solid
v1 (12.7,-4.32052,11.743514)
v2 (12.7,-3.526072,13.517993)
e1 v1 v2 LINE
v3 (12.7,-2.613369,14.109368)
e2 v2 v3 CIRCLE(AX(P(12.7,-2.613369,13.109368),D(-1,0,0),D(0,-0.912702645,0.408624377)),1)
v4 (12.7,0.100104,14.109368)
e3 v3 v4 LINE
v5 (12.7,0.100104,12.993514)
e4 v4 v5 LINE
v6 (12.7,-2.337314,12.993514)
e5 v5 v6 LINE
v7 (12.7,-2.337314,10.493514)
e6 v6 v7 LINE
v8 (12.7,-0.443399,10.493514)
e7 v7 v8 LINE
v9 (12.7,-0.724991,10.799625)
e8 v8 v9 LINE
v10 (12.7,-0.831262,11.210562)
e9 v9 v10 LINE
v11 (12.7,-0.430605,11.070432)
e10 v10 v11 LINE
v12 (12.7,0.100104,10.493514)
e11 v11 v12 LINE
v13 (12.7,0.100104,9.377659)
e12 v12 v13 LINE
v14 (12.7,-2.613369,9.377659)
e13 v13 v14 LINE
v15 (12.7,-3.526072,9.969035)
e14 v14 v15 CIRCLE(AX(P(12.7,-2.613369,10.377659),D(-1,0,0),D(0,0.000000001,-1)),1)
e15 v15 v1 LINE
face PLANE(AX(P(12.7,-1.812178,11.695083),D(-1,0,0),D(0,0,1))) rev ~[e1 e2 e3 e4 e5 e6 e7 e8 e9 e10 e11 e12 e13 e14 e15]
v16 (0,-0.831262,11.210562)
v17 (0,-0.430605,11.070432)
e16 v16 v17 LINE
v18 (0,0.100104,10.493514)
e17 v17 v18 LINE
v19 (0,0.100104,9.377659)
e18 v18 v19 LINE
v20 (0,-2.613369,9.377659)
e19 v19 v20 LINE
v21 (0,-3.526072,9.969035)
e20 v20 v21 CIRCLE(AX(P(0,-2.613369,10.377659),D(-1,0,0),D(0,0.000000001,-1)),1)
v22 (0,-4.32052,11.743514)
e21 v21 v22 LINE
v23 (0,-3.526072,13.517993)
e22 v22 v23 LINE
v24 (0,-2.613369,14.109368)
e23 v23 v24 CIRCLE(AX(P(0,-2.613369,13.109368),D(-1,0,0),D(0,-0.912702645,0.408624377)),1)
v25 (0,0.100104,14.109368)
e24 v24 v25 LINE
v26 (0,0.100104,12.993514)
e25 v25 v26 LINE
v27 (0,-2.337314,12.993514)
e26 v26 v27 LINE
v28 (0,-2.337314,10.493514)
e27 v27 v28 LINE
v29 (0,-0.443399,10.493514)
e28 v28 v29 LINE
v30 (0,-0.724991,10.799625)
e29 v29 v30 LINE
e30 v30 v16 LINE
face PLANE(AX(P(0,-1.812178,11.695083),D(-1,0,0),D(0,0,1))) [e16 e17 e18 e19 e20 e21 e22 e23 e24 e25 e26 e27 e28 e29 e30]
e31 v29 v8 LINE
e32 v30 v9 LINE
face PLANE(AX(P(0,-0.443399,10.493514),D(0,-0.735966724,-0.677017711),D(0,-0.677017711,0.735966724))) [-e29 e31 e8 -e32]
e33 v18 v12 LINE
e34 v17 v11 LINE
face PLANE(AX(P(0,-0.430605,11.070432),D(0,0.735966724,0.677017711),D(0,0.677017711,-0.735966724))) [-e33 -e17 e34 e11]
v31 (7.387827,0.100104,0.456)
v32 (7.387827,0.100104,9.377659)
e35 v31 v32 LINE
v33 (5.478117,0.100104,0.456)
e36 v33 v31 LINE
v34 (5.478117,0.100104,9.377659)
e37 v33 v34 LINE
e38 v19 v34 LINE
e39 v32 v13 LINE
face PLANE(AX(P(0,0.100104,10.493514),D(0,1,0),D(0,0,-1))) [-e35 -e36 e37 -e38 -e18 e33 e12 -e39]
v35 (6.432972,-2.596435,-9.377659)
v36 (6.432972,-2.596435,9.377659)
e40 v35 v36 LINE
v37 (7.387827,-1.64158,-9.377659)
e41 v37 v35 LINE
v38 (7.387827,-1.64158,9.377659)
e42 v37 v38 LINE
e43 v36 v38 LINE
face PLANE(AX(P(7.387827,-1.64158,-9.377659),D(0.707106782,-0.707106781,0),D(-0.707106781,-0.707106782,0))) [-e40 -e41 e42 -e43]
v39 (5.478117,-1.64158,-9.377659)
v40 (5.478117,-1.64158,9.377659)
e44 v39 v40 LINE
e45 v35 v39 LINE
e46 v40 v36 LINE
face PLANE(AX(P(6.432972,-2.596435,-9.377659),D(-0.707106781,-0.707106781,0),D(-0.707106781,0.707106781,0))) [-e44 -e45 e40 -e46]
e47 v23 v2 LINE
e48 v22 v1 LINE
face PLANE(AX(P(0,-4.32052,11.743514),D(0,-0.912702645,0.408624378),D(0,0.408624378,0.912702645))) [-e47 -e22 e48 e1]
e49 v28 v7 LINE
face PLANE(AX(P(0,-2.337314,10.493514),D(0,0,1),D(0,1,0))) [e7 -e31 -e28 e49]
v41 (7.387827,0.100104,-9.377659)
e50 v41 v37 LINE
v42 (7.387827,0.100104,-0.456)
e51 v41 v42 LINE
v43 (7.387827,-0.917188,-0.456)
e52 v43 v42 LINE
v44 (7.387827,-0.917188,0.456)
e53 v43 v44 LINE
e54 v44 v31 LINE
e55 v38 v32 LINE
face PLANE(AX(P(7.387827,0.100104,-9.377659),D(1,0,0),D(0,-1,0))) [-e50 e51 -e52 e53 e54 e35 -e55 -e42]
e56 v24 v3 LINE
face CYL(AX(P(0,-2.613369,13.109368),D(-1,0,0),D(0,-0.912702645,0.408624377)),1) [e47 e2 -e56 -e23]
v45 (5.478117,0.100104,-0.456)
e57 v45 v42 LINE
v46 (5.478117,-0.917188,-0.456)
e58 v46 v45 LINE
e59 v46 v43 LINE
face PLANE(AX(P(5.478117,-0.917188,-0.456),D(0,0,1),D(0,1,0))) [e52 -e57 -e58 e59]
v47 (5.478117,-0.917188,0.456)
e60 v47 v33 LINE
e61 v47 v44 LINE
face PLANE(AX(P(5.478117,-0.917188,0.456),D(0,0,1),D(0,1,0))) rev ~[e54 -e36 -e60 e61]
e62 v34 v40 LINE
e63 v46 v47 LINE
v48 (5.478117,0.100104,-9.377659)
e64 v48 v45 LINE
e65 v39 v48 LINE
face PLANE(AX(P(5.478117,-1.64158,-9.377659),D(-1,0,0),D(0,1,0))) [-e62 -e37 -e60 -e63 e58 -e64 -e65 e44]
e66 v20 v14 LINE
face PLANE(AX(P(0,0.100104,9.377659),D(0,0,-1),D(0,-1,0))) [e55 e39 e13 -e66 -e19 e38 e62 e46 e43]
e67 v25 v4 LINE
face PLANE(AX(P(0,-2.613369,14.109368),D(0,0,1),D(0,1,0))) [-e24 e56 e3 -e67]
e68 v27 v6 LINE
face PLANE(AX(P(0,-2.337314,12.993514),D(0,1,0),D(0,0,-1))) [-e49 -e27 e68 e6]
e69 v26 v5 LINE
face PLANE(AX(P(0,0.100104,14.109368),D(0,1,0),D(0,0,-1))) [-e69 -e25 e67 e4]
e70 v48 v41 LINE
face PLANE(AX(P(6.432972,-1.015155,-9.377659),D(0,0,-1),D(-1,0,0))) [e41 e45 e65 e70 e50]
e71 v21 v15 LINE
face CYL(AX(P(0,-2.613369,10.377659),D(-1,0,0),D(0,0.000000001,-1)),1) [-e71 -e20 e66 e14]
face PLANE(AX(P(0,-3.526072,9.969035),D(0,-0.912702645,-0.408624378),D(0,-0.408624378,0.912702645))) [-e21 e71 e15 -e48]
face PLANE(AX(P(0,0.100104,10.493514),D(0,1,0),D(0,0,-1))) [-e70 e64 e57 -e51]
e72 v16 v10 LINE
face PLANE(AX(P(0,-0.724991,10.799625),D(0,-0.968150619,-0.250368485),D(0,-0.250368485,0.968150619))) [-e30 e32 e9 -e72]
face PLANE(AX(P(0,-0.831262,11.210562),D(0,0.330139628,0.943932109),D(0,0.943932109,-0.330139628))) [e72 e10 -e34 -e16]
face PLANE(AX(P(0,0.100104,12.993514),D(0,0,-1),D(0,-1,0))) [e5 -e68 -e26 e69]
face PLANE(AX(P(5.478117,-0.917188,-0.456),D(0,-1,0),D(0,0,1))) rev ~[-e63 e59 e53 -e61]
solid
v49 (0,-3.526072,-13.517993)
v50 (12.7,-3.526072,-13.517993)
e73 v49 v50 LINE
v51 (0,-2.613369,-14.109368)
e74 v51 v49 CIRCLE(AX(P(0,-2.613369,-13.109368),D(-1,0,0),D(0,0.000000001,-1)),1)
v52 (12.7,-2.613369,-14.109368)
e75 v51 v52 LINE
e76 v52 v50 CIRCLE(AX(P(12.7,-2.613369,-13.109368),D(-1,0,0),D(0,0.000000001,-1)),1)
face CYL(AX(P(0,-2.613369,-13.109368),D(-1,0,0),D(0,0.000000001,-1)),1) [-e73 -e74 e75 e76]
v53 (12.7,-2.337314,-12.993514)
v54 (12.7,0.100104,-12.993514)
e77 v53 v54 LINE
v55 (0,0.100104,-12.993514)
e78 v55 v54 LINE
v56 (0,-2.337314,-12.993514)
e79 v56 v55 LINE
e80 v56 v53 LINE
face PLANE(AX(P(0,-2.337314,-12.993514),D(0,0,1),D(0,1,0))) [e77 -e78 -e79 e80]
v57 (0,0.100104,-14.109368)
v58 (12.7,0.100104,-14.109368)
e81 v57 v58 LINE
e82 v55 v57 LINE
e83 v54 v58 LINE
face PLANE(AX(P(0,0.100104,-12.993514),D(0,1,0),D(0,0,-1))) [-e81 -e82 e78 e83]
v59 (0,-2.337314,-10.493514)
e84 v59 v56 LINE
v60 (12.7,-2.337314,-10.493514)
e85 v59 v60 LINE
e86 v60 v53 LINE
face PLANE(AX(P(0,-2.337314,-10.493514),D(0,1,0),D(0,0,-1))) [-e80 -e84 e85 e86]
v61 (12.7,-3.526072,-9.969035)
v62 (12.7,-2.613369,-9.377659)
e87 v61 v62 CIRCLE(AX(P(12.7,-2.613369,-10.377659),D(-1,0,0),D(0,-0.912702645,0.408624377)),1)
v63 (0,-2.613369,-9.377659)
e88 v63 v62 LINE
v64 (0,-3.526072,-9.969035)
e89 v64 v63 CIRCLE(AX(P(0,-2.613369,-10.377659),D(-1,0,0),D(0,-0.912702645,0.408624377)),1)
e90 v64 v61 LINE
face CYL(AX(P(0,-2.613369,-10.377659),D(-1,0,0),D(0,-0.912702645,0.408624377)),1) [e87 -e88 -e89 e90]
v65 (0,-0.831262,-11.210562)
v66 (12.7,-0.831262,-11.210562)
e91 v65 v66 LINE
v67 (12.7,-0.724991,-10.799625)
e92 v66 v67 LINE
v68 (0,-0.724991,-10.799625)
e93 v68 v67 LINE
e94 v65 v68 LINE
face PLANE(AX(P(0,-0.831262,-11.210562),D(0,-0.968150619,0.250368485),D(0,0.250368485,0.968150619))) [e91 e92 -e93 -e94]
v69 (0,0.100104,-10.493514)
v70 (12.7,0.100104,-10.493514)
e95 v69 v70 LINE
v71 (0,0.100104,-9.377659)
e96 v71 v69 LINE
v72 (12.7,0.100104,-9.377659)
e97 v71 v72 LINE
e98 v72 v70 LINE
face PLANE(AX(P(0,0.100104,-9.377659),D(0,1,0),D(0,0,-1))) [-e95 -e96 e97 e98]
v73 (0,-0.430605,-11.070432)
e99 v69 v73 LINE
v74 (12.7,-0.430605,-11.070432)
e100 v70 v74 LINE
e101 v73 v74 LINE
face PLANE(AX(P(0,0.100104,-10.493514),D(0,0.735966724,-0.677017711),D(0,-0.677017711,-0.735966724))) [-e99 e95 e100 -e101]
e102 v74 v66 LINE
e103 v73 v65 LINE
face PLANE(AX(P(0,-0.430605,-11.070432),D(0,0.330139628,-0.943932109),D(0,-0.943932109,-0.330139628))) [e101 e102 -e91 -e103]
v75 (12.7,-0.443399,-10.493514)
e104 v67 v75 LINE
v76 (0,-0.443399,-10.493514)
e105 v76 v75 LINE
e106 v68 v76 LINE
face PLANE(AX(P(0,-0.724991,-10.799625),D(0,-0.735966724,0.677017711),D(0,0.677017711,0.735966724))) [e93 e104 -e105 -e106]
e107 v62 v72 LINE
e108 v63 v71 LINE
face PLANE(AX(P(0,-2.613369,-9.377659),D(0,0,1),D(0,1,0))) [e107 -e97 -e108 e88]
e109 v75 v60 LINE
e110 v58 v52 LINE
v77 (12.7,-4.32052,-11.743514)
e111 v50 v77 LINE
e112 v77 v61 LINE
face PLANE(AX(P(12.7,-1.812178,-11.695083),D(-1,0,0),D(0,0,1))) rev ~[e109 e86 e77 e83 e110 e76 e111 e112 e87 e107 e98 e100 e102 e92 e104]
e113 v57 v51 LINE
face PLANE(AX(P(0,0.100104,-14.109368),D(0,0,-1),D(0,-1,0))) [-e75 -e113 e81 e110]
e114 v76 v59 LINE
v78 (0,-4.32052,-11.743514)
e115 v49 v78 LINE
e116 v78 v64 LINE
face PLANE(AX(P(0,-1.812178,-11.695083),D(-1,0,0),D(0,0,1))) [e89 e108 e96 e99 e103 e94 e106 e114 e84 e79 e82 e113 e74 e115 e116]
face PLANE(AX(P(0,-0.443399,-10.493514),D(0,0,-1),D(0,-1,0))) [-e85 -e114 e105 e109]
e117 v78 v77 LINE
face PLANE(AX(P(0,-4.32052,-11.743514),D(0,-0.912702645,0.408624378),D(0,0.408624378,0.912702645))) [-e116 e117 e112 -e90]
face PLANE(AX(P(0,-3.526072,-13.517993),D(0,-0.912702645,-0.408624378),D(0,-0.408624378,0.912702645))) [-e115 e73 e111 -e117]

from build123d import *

# Parameters (mm, degrees)
BOSS_EXTRUDE1_DEPTH   = 12.7
BOSS_EXTRUDE1_2_DEPTH = 12.7
BOSS_EXTRUDE2_REACH   = 29.048
SKETCH3_W             = 0.912
SKETCH3_H             = 1.017292505
CUT_EXTRUDE1_DEPTH    = 1.90971


with BuildPart() as part:
    # Sketch1 → Boss-Extrude1 (new body)
    with BuildSketch(Plane(origin=(0, 0, 0), x_dir=(0, 0, -1), z_dir=(1, 0, 0))):
        with BuildLine():
            Line((10.799625276, -0.72499139), (10.493513826, -0.443398668))
            Line((10.493513826, -0.443398668), (10.493513826, -2.337314401))
            Line((10.493513826, -2.337314401), (12.993513826, -2.337314401))
            Line((12.993513826, -2.337314401), (12.993513826, 0.100104166))
            Line((12.993513826, 0.100104166), (14.109368157, 0.100104166))
            Line((14.109368157, 0.100104166), (14.109368157, -2.61336902))
            ThreePointArc((14.109368157, -2.61336902), (13.948601253, -3.157140857), (13.517992535, -3.526071664))
            Line((13.517992535, -3.526071664), (11.743513826, -4.320520177))
            Line((11.743513826, -4.320520177), (9.969035116, -3.526071664))
            ThreePointArc((9.969035116, -3.526071664), (9.538426398, -3.157140857), (9.377659494, -2.61336902))
            Line((9.377659494, -2.61336902), (9.377659494, 0.100104166))
            Line((9.377659494, 0.100104166), (10.493513826, 0.100104166))
            Line((10.493513826, 0.100104166), (11.070432361, -0.430604701))
            Line((11.070432361, -0.430604701), (11.210561844, -0.831261596))
            Line((11.210561844, -0.831261596), (10.799625276, -0.72499139))
        make_face()
    extrude(amount=BOSS_EXTRUDE1_DEPTH)


with BuildPart() as body_2:
    # Sketch1 → Boss-Extrude1 2 (new body)
    with BuildSketch(Plane(origin=(0, 0, 0), x_dir=(0, 0, -1), z_dir=(1, 0, 0))):
        with BuildLine():
            Line((-10.493513826, 0.100104166), (-9.377659494, 0.100104166))
            Line((-9.377659494, 0.100104166), (-9.377659494, -2.61336902))
            ThreePointArc((-9.377659494, -2.61336902), (-9.538426398, -3.157140857), (-9.969035116, -3.526071664))
            Line((-9.969035116, -3.526071664), (-11.743513826, -4.320520177))
            Line((-11.743513826, -4.320520177), (-13.517992535, -3.526071664))
            ThreePointArc((-13.517992535, -3.526071664), (-13.948601253, -3.157140857), (-14.109368157, -2.61336902))
            Line((-14.109368157, -2.61336902), (-14.109368157, 0.100104166))
            Line((-14.109368157, 0.100104166), (-12.993513826, 0.100104166))
            Line((-12.993513826, 0.100104166), (-12.993513826, -2.337314401))
            Line((-12.993513826, -2.337314401), (-10.493513826, -2.337314401))
            Line((-10.493513826, -2.337314401), (-10.493513826, -0.443398668))
            Line((-10.493513826, -0.443398668), (-10.799625276, -0.72499139))
            Line((-10.799625276, -0.72499139), (-11.210561844, -0.831261596))
            Line((-11.210561844, -0.831261596), (-11.070432361, -0.430604701))
            Line((-11.070432361, -0.430604701), (-10.493513826, 0.100104166))
        make_face()
    extrude(amount=BOSS_EXTRUDE1_2_DEPTH)

    # Sketch2 → Boss-Extrude2 (add, up to next)
    with BuildSketch(Plane.XY.offset(-9.377659494), mode=Mode.PRIVATE) as boss_extrude2_sk1:
        Polygon((5.47811731, 0.100104166), (7.387826905, 0.100104166), (7.387826905, -1.641579788), (6.432972108, -2.596434586), (5.47811731, -1.641579788), align=None)
    boss_extrude2_tool1 = extrude(boss_extrude2_sk1.sketch, amount=BOSS_EXTRUDE2_REACH, mode=Mode.PRIVATE) - body_2.part
    add(boss_extrude2_tool1.solids().sort_by_distance((6.432972, -1.026571, -9.377659))[0])

    # Sketch3 → Cut-Extrude1 (cut)
    with BuildSketch(Plane.ZY.offset(-5.47811731)):
        with Locations((0, -0.408542087)):
            Rectangle(SKETCH3_W, SKETCH3_H)
    extrude(amount=-CUT_EXTRUDE1_DEPTH, mode=Mode.SUBTRACT)


solid = Compound([part.part, body_2.part])
